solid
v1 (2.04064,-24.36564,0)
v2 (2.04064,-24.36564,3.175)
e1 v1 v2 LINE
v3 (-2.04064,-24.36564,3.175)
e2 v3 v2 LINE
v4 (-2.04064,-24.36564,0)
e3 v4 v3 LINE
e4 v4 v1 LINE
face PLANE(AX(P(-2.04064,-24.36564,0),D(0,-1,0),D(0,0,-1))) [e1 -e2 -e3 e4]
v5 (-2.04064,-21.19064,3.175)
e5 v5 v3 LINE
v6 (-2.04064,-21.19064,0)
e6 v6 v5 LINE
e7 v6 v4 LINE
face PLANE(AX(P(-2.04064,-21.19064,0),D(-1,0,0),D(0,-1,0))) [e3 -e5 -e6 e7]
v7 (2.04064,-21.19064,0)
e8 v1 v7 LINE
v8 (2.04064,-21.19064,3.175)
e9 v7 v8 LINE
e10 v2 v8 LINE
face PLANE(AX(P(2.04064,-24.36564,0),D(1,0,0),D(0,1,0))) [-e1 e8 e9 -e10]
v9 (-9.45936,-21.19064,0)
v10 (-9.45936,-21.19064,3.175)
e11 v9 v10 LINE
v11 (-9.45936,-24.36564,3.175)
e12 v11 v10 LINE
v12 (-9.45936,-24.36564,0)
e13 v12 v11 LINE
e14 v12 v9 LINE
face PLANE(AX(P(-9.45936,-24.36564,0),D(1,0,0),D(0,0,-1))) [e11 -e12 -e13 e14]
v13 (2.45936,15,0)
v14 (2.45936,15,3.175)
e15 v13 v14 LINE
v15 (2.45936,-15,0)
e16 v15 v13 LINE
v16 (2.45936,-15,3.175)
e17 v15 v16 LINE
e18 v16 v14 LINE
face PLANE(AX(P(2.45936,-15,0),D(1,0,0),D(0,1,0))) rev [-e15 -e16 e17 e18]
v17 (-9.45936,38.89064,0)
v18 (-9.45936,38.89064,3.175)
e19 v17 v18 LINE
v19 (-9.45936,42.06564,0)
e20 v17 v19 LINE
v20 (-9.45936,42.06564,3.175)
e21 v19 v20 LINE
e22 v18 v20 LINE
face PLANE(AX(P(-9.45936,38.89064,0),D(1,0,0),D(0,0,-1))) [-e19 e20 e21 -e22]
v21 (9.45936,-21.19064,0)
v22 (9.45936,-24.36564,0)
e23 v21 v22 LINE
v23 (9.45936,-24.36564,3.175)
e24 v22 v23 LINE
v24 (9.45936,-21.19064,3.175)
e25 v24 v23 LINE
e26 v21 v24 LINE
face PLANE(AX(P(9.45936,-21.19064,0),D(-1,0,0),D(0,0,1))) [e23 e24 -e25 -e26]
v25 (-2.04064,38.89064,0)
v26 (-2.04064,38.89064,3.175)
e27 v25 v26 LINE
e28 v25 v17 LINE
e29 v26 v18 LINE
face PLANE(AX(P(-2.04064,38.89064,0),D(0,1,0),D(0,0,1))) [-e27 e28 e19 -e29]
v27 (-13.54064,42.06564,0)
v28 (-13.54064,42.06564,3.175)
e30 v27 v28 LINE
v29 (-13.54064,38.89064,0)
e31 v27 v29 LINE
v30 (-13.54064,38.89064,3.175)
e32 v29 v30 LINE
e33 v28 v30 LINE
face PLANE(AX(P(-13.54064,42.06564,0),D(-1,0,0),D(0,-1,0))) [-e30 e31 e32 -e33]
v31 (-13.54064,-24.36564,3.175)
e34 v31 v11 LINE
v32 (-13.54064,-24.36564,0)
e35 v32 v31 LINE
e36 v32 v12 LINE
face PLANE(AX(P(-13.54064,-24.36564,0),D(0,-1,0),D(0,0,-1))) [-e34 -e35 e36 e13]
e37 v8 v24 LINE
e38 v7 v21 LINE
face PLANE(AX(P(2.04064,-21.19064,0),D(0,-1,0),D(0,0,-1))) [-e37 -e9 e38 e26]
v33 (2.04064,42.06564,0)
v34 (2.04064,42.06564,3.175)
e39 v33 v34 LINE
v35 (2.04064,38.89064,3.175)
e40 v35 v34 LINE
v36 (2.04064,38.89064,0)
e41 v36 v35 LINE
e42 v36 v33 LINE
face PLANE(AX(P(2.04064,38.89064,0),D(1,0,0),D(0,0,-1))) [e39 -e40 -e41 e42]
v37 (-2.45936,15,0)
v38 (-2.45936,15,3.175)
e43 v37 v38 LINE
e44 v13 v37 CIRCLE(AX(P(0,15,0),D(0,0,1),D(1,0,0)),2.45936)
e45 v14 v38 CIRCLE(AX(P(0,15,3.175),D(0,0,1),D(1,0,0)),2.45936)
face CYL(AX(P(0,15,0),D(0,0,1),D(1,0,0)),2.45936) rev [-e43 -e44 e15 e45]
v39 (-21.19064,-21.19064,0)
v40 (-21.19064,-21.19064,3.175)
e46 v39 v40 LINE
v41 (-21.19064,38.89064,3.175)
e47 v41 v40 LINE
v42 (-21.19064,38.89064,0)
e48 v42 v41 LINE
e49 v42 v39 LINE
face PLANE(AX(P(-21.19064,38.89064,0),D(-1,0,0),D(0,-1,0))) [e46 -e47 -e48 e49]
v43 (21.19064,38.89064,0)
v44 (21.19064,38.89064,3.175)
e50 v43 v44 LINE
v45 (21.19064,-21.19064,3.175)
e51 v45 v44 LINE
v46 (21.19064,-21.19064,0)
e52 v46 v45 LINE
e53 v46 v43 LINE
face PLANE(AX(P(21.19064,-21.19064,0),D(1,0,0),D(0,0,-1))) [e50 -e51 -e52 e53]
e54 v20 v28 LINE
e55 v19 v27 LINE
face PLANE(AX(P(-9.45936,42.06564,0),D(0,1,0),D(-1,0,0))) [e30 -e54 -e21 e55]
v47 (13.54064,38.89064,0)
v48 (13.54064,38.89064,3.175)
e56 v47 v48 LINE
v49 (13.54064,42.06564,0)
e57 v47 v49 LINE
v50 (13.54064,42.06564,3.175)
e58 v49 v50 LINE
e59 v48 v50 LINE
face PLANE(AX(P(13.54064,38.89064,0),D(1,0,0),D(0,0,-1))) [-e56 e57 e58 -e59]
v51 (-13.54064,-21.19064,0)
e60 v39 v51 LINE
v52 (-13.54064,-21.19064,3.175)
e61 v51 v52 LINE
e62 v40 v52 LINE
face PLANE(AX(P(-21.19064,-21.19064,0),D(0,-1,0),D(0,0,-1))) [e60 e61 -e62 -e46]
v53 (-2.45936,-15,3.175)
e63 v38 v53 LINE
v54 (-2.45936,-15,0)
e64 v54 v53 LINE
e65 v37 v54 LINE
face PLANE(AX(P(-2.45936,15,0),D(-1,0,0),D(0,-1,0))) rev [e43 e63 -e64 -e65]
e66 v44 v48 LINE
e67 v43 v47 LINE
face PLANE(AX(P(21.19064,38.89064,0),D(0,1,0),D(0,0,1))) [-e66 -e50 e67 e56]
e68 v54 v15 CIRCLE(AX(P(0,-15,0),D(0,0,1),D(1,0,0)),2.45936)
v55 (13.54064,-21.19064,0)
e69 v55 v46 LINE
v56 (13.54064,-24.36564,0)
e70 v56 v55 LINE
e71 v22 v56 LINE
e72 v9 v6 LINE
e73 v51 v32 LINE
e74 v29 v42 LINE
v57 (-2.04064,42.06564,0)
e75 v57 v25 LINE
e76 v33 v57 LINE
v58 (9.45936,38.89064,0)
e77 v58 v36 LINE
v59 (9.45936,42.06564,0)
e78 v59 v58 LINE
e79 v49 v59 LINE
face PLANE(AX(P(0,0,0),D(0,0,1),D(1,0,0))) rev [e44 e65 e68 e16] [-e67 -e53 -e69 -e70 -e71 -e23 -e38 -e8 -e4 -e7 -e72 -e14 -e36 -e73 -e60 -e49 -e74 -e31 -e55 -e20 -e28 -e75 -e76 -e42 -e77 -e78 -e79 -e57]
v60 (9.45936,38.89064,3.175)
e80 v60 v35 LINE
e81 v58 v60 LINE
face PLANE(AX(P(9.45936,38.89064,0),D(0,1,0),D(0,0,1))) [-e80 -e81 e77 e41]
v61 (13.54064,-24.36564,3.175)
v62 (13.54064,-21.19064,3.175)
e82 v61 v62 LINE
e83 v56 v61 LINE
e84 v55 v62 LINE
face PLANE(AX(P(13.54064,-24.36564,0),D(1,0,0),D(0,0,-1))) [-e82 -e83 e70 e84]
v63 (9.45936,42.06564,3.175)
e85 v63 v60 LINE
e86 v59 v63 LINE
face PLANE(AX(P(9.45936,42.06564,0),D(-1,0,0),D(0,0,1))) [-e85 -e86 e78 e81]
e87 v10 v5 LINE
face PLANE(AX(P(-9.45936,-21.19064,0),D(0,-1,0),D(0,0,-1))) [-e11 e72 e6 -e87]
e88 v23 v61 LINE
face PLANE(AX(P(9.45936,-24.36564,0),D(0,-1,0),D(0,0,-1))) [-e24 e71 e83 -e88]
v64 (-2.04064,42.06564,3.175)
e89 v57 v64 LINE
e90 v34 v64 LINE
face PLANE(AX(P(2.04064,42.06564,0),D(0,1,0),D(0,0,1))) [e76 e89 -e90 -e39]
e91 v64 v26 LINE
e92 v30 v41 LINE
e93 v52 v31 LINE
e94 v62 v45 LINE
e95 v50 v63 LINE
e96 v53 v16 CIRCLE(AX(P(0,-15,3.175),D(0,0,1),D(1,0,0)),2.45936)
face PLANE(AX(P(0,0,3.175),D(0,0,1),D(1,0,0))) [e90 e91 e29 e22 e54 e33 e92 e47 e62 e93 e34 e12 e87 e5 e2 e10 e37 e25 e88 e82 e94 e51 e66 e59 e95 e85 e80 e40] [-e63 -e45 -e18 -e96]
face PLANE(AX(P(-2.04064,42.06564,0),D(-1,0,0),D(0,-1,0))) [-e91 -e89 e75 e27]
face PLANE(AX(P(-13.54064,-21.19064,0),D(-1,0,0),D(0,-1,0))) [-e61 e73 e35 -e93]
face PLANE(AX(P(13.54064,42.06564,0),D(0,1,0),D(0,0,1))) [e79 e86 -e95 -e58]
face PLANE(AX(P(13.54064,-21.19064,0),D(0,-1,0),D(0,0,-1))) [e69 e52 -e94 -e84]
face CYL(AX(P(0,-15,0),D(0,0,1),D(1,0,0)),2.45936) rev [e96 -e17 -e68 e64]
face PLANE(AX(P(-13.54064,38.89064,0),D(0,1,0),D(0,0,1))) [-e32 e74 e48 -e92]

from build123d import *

# Parameters (mm, degrees)
BOSS_EXTRUDE1_DEPTH = 3.175
BOSS_EXTRUDE2_DEPTH = 3.175


with BuildPart() as part:
    # Sketch1 → Boss-Extrude1 (new body)
    with BuildSketch(Plane.XY):
        Polygon((-13.5, 38.85), (-21.15, 38.85), (-21.15, -21.15), (-13.5, -21.15), (-13.5, -24.325), (-9.5, -24.325), (-9.5, -21.15), (-2, -21.15), (-2, -24.325), (2, -24.325), (2, -21.15), (9.5, -21.15), (9.5, -24.325), (13.5, -24.325), (13.5, -21.15), (21.15, -21.15), (21.15, 38.85), (13.5, 38.85), (13.5, 42.025), (9.5, 42.025), (9.5, 38.85), (2, 38.85), (2, 42.025), (-2, 42.025), (-2, 38.85), (-9.5, 38.85), (-9.5, 42.025), (-13.5, 42.025), align=None)
        with BuildLine():
            Line((-2.5, -15), (-2.5, 15))
            ThreePointArc((-2.5, 15), (0, 17.5), (2.5, 15))
            Line((2.5, 15), (2.5, -15))
            ThreePointArc((2.5, -15), (0, -17.5), (-2.5, -15))
        make_face(mode=Mode.SUBTRACT)
    extrude(amount=BOSS_EXTRUDE1_DEPTH)

    # Sketch2 → Boss-Extrude2 (add)
    with BuildSketch(Plane.XY.offset(3.175)):
        Polygon((21.19064, -21.19064), (21.19064, 38.89064), (13.54064, 38.89064), (13.54064, 42.06564), (9.45936, 42.06564), (9.45936, 38.89064), (2.04064, 38.89064), (2.04064, 42.06564), (-2.04064, 42.06564), (-2.04064, 38.89064), (-9.45936, 38.89064), (-9.45936, 42.06564), (-13.54064, 42.06564), (-13.54064, 38.89064), (-21.19064, 38.89064), (-21.19064, -21.19064), (-13.54064, -21.19064), (-13.54064, -24.36564), (-9.45936, -24.36564), (-9.45936, -21.19064), (-2.04064, -21.19064), (-2.04064, -24.36564), (2.04064, -24.36564), (2.04064, -21.19064), (9.45936, -21.19064), (9.45936, -24.36564), (13.54064, -24.36564), (13.54064, -21.19064), align=None)
        with BuildLine():
            Line((-2.45936, 15), (-2.45936, -15))
            ThreePointArc((-2.45936, -15), (0, -17.45936), (2.45936, -15))
            Line((2.45936, -15), (2.45936, 15))
            ThreePointArc((2.45936, 15), (0, 17.45936), (-2.45936, 15))
        make_face(mode=Mode.SUBTRACT)
    extrude(amount=-BOSS_EXTRUDE2_DEPTH)


solid = part.part
